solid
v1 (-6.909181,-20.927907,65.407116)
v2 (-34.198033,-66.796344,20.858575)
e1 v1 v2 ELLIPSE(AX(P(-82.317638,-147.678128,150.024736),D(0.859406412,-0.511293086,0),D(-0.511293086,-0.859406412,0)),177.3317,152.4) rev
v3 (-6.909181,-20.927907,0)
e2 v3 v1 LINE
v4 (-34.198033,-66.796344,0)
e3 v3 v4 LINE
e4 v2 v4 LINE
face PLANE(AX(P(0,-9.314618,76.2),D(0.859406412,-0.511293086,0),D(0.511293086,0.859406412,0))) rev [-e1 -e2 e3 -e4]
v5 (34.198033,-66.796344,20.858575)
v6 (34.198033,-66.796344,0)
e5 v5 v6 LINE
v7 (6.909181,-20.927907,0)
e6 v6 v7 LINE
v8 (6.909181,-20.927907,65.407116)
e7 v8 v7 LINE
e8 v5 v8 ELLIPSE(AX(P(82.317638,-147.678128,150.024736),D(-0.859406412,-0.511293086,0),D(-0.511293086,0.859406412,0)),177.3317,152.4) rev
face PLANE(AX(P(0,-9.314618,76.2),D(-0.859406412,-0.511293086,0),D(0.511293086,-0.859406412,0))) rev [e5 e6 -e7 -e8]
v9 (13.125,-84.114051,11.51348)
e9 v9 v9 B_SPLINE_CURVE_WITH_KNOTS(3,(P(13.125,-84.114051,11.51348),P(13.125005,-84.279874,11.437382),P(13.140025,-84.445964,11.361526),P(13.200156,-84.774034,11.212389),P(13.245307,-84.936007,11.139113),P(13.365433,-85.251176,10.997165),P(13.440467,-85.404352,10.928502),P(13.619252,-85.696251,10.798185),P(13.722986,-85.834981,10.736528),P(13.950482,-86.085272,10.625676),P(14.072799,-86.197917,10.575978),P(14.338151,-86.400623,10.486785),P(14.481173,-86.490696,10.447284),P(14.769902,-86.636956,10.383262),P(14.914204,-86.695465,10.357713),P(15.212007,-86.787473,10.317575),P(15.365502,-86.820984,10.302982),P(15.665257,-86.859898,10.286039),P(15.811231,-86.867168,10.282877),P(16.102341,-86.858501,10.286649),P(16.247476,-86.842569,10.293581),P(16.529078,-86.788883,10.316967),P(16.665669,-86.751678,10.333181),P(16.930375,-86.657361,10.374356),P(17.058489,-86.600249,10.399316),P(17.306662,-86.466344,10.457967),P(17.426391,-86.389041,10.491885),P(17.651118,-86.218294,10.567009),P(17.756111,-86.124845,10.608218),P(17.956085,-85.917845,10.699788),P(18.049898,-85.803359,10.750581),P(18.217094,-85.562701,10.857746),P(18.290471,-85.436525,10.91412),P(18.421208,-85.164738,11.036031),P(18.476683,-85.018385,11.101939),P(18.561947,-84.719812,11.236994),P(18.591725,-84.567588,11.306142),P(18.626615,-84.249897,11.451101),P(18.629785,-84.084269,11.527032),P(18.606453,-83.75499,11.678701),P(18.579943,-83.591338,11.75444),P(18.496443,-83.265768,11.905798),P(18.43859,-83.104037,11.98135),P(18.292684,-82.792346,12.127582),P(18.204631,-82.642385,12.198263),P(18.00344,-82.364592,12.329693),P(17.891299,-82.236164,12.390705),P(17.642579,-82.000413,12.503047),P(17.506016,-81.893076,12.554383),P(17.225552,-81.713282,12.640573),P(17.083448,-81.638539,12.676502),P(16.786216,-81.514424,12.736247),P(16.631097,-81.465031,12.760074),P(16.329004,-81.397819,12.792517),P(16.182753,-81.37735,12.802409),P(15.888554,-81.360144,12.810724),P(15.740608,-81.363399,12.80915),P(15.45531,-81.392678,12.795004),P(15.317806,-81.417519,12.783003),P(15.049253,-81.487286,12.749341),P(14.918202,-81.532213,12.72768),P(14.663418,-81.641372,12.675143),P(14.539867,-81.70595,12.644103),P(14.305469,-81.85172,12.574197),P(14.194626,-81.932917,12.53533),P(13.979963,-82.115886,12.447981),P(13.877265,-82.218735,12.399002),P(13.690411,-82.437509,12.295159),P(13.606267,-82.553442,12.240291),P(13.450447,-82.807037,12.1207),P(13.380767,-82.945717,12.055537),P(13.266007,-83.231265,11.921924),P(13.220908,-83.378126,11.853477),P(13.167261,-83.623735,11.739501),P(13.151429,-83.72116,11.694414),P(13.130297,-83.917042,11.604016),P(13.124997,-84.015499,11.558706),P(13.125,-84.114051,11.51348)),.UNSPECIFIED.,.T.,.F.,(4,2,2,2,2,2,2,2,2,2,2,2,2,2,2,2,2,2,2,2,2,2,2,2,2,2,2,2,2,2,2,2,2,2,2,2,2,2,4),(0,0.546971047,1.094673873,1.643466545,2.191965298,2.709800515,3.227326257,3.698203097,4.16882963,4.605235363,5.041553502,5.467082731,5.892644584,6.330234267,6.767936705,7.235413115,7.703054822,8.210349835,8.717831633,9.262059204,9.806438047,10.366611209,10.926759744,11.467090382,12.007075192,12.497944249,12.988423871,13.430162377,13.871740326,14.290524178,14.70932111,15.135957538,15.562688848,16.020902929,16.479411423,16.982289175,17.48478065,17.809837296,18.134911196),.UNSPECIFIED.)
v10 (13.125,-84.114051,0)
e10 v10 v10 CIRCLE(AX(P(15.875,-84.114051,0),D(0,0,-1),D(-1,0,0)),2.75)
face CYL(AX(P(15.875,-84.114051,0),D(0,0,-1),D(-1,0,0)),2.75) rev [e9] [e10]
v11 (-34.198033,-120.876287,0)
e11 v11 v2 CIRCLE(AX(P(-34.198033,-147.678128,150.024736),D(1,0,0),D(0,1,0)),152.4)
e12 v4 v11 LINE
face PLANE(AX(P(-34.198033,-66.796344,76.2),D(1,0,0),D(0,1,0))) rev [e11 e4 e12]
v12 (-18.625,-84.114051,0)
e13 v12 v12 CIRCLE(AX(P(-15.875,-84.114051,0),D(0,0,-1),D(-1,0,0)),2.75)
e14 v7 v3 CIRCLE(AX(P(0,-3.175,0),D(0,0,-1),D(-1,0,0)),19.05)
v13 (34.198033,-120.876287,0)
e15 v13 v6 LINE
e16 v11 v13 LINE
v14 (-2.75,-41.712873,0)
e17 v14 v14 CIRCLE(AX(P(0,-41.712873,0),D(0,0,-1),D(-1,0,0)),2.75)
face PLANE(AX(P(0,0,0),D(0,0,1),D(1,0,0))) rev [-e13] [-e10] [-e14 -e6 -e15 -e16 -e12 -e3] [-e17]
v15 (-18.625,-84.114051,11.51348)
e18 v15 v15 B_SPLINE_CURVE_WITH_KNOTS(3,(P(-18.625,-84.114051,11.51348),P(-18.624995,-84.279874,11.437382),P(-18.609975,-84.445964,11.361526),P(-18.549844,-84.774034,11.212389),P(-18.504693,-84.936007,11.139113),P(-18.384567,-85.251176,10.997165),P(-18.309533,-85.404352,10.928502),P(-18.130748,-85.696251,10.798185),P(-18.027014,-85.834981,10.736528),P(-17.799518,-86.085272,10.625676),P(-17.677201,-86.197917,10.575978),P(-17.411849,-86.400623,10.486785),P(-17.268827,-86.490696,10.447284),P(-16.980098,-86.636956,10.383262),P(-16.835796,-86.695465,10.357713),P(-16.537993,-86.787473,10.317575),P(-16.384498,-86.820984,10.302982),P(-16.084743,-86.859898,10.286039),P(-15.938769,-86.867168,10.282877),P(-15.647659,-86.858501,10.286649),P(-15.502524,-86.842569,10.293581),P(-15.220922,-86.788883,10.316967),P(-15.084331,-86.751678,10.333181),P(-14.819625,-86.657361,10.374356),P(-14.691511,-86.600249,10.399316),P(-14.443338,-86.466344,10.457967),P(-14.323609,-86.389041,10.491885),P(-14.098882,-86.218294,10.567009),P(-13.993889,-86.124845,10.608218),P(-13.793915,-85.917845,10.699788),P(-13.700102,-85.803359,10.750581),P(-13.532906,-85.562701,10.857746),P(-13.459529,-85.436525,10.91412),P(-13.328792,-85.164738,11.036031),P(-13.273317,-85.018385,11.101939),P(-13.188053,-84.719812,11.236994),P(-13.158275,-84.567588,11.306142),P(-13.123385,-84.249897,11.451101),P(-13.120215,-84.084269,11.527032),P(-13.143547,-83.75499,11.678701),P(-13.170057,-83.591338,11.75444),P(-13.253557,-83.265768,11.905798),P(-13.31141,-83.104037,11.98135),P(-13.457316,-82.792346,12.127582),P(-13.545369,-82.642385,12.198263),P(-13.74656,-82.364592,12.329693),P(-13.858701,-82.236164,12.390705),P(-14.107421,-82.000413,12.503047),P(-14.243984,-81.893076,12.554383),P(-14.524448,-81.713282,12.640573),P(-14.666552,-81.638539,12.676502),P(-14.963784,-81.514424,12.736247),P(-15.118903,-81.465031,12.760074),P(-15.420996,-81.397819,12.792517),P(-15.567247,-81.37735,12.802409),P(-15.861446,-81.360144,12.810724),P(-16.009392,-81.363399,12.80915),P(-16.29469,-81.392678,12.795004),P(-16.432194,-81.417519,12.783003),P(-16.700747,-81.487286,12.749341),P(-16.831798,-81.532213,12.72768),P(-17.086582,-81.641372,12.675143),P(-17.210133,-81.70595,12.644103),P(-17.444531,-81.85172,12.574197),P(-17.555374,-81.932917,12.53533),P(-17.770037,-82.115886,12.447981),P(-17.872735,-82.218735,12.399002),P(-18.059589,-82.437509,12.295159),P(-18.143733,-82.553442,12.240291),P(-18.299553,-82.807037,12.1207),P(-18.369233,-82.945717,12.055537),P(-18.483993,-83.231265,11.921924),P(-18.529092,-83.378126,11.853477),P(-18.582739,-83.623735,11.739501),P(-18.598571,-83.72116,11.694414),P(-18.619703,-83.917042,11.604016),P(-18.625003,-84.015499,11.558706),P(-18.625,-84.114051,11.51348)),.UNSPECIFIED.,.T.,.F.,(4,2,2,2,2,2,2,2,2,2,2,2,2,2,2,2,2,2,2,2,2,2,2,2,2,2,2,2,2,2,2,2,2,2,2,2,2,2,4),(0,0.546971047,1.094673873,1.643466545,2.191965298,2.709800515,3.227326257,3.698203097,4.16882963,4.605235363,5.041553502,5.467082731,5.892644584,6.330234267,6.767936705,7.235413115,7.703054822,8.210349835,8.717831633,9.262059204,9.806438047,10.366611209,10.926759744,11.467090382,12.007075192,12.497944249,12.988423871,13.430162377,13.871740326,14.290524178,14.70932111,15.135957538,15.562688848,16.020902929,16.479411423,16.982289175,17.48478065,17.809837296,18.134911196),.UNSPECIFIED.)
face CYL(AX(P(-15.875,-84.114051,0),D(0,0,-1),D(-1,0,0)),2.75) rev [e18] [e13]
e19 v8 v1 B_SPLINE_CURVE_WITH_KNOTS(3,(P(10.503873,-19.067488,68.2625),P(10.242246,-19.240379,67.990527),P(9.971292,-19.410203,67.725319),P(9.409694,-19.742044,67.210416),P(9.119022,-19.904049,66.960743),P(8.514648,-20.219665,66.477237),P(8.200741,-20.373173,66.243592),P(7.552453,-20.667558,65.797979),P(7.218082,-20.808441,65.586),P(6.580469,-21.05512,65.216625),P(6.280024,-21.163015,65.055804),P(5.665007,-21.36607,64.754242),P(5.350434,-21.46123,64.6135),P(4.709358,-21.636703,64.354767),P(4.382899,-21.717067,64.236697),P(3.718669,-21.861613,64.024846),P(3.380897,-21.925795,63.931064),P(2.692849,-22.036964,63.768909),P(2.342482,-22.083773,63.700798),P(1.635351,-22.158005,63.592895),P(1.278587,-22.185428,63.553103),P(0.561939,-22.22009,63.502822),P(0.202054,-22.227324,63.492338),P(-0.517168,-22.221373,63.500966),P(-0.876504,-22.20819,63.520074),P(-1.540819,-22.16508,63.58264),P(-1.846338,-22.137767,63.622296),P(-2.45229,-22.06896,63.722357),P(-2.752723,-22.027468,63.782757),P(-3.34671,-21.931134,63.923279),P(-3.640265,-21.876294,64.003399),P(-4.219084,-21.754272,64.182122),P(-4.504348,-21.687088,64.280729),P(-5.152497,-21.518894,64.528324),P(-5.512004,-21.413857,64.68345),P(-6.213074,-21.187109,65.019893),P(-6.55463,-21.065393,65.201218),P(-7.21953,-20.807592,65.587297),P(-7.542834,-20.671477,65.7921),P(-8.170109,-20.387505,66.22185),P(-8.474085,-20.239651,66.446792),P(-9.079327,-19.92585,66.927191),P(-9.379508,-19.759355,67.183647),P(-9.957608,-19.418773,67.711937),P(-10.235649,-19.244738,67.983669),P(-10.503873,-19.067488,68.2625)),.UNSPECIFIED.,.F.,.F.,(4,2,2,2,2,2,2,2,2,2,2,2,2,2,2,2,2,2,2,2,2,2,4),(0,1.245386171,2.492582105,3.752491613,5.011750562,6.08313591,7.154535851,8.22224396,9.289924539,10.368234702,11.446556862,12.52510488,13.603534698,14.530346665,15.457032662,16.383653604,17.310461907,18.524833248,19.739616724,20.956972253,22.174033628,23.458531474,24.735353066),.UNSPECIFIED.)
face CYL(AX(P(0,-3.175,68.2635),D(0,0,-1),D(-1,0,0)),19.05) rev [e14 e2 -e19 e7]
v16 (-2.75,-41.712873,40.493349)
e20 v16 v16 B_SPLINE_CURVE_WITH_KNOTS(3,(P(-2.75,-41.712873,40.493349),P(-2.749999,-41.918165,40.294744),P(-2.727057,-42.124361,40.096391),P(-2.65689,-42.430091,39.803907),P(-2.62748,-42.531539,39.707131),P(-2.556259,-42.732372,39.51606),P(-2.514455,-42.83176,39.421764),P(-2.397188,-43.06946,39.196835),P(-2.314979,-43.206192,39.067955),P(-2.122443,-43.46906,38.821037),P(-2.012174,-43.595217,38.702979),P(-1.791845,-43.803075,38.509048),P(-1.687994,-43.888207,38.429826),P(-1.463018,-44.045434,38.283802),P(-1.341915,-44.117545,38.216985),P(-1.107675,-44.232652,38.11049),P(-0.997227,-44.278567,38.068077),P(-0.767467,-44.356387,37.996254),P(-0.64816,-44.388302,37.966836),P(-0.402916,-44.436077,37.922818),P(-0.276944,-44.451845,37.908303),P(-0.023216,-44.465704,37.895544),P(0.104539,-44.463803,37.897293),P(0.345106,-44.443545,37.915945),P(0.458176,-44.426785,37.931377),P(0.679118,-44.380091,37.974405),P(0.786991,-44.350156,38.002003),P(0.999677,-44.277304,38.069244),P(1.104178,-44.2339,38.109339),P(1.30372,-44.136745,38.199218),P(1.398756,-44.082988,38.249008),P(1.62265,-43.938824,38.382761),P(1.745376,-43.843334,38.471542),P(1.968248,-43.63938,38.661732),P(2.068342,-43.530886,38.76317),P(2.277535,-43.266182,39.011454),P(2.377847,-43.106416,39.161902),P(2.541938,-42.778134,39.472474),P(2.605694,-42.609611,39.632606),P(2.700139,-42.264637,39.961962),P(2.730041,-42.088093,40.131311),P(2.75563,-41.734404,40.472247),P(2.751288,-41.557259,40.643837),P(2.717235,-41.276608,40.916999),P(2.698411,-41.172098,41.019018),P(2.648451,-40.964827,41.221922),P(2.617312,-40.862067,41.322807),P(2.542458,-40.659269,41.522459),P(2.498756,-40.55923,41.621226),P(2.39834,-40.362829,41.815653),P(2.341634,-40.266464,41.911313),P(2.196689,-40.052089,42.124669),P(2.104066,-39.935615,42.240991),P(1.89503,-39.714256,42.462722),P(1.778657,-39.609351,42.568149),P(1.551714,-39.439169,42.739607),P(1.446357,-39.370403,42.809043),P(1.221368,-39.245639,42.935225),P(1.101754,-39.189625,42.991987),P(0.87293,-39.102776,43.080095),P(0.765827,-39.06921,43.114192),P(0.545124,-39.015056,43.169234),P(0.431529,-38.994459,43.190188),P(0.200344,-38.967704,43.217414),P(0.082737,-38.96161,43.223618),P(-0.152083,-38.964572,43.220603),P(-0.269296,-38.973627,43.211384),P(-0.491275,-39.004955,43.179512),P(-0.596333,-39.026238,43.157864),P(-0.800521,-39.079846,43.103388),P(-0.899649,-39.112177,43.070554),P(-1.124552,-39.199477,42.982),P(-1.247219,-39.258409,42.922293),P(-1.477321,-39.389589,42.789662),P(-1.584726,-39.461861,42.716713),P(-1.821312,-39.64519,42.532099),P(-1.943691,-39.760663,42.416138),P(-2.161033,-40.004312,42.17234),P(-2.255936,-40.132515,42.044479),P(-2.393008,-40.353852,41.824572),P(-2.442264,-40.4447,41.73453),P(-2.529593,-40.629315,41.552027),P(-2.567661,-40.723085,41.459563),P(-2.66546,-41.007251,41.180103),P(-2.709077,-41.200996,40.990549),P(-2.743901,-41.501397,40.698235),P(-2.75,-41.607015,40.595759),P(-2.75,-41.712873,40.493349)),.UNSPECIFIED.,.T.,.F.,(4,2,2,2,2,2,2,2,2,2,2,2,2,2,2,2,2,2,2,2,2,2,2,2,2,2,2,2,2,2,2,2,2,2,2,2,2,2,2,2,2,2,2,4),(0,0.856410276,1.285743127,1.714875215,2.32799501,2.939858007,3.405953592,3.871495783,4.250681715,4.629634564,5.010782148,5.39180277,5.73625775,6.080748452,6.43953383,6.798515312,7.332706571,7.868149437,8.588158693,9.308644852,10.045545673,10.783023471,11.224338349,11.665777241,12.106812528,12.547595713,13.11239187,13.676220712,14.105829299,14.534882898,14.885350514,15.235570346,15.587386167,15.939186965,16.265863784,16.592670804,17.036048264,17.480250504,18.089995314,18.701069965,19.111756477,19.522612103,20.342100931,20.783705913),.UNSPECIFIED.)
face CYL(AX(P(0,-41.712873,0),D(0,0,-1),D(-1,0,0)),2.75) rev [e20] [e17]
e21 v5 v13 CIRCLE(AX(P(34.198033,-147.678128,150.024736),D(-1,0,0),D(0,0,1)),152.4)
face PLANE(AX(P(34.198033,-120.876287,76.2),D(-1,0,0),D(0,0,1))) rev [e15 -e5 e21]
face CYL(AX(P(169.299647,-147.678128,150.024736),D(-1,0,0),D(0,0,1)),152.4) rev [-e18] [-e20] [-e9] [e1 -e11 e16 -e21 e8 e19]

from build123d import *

# Parameters (mm, degrees)
BOSS_EXTRUDE1_DEPTH  = 76.2
CUT_EXTRUDE1_START   = -34.198033
CUT_EXTRUDE1_DEPTH   = 68.396066318
M5_CLEARANCE_HOLE1_D = 5.5
CUT_EXTRUDE2_REACH   = 144.97
SKETCH10_R           = 19.05


with BuildPart() as part:
    # Sketch1 → Boss-Extrude1 (new body)
    with BuildSketch(Plane.XY):
        Polygon((34.198033159, -120.876287401), (34.198033159, -66.796344186), (0, -9.314618425), (-34.198033159, -66.796344186), (-34.198033159, -120.876287401), align=None)
    extrude(amount=BOSS_EXTRUDE1_DEPTH)

    # Sketch2 → Cut-Extrude1 (cut)
    with BuildSketch(Plane(origin=(0, 0, 0), x_dir=(0, 0, -1), z_dir=(1, 0, 0)).offset(CUT_EXTRUDE1_START)):
        with BuildLine():
            Line((-76.2, -120.876287401), (0, -120.876287401))
            ThreePointArc((0, -120.876287401), (-23.444492551, -62.806448146), (-68.2625, -19.067487592))
            Line((-68.2625, -19.067487592), (-68.2625, -9.314618425))
            Line((-68.2625, -9.314618425), (-76.2, -9.314618425))
            Line((-76.2, -9.314618425), (-76.2, -22.225))
            Line((-76.2, -22.225), (-76.2, -66.796344186))
            Line((-76.2, -66.796344186), (-76.2, -120.876287401))
        make_face()
    extrude(amount=CUT_EXTRUDE1_DEPTH, mode=Mode.SUBTRACT)

    # M5 Clearance Hole1 (through all)
    with Locations(Plane(origin=(0, 0, 0), x_dir=(-1, 0, 0), z_dir=(0, 0, -1))):
        with Locations((-15.875, -84.114050529), (15.875, -84.114050529), (0, -41.712872808)):
            Hole(M5_CLEARANCE_HOLE1_D / 2)

    # Sketch10 → Cut-Extrude2 (cut, up to next)
    with BuildSketch(Plane(origin=(0, 0, 0), x_dir=(-1, 0, 0), z_dir=(0, 0, -1)), mode=Mode.PRIVATE) as cut_extrude2_sk1:
        with Locations((0, -3.175)):
            Circle(SKETCH10_R)
    cut_extrude2_tool1 = extrude(cut_extrude2_sk1.sketch, amount=-CUT_EXTRUDE2_REACH, mode=Mode.PRIVATE) & part.part
    add(cut_extrude2_tool1.solids().sort_by_distance((0, -3.175, 0))[0], mode=Mode.SUBTRACT)


solid = part.part
